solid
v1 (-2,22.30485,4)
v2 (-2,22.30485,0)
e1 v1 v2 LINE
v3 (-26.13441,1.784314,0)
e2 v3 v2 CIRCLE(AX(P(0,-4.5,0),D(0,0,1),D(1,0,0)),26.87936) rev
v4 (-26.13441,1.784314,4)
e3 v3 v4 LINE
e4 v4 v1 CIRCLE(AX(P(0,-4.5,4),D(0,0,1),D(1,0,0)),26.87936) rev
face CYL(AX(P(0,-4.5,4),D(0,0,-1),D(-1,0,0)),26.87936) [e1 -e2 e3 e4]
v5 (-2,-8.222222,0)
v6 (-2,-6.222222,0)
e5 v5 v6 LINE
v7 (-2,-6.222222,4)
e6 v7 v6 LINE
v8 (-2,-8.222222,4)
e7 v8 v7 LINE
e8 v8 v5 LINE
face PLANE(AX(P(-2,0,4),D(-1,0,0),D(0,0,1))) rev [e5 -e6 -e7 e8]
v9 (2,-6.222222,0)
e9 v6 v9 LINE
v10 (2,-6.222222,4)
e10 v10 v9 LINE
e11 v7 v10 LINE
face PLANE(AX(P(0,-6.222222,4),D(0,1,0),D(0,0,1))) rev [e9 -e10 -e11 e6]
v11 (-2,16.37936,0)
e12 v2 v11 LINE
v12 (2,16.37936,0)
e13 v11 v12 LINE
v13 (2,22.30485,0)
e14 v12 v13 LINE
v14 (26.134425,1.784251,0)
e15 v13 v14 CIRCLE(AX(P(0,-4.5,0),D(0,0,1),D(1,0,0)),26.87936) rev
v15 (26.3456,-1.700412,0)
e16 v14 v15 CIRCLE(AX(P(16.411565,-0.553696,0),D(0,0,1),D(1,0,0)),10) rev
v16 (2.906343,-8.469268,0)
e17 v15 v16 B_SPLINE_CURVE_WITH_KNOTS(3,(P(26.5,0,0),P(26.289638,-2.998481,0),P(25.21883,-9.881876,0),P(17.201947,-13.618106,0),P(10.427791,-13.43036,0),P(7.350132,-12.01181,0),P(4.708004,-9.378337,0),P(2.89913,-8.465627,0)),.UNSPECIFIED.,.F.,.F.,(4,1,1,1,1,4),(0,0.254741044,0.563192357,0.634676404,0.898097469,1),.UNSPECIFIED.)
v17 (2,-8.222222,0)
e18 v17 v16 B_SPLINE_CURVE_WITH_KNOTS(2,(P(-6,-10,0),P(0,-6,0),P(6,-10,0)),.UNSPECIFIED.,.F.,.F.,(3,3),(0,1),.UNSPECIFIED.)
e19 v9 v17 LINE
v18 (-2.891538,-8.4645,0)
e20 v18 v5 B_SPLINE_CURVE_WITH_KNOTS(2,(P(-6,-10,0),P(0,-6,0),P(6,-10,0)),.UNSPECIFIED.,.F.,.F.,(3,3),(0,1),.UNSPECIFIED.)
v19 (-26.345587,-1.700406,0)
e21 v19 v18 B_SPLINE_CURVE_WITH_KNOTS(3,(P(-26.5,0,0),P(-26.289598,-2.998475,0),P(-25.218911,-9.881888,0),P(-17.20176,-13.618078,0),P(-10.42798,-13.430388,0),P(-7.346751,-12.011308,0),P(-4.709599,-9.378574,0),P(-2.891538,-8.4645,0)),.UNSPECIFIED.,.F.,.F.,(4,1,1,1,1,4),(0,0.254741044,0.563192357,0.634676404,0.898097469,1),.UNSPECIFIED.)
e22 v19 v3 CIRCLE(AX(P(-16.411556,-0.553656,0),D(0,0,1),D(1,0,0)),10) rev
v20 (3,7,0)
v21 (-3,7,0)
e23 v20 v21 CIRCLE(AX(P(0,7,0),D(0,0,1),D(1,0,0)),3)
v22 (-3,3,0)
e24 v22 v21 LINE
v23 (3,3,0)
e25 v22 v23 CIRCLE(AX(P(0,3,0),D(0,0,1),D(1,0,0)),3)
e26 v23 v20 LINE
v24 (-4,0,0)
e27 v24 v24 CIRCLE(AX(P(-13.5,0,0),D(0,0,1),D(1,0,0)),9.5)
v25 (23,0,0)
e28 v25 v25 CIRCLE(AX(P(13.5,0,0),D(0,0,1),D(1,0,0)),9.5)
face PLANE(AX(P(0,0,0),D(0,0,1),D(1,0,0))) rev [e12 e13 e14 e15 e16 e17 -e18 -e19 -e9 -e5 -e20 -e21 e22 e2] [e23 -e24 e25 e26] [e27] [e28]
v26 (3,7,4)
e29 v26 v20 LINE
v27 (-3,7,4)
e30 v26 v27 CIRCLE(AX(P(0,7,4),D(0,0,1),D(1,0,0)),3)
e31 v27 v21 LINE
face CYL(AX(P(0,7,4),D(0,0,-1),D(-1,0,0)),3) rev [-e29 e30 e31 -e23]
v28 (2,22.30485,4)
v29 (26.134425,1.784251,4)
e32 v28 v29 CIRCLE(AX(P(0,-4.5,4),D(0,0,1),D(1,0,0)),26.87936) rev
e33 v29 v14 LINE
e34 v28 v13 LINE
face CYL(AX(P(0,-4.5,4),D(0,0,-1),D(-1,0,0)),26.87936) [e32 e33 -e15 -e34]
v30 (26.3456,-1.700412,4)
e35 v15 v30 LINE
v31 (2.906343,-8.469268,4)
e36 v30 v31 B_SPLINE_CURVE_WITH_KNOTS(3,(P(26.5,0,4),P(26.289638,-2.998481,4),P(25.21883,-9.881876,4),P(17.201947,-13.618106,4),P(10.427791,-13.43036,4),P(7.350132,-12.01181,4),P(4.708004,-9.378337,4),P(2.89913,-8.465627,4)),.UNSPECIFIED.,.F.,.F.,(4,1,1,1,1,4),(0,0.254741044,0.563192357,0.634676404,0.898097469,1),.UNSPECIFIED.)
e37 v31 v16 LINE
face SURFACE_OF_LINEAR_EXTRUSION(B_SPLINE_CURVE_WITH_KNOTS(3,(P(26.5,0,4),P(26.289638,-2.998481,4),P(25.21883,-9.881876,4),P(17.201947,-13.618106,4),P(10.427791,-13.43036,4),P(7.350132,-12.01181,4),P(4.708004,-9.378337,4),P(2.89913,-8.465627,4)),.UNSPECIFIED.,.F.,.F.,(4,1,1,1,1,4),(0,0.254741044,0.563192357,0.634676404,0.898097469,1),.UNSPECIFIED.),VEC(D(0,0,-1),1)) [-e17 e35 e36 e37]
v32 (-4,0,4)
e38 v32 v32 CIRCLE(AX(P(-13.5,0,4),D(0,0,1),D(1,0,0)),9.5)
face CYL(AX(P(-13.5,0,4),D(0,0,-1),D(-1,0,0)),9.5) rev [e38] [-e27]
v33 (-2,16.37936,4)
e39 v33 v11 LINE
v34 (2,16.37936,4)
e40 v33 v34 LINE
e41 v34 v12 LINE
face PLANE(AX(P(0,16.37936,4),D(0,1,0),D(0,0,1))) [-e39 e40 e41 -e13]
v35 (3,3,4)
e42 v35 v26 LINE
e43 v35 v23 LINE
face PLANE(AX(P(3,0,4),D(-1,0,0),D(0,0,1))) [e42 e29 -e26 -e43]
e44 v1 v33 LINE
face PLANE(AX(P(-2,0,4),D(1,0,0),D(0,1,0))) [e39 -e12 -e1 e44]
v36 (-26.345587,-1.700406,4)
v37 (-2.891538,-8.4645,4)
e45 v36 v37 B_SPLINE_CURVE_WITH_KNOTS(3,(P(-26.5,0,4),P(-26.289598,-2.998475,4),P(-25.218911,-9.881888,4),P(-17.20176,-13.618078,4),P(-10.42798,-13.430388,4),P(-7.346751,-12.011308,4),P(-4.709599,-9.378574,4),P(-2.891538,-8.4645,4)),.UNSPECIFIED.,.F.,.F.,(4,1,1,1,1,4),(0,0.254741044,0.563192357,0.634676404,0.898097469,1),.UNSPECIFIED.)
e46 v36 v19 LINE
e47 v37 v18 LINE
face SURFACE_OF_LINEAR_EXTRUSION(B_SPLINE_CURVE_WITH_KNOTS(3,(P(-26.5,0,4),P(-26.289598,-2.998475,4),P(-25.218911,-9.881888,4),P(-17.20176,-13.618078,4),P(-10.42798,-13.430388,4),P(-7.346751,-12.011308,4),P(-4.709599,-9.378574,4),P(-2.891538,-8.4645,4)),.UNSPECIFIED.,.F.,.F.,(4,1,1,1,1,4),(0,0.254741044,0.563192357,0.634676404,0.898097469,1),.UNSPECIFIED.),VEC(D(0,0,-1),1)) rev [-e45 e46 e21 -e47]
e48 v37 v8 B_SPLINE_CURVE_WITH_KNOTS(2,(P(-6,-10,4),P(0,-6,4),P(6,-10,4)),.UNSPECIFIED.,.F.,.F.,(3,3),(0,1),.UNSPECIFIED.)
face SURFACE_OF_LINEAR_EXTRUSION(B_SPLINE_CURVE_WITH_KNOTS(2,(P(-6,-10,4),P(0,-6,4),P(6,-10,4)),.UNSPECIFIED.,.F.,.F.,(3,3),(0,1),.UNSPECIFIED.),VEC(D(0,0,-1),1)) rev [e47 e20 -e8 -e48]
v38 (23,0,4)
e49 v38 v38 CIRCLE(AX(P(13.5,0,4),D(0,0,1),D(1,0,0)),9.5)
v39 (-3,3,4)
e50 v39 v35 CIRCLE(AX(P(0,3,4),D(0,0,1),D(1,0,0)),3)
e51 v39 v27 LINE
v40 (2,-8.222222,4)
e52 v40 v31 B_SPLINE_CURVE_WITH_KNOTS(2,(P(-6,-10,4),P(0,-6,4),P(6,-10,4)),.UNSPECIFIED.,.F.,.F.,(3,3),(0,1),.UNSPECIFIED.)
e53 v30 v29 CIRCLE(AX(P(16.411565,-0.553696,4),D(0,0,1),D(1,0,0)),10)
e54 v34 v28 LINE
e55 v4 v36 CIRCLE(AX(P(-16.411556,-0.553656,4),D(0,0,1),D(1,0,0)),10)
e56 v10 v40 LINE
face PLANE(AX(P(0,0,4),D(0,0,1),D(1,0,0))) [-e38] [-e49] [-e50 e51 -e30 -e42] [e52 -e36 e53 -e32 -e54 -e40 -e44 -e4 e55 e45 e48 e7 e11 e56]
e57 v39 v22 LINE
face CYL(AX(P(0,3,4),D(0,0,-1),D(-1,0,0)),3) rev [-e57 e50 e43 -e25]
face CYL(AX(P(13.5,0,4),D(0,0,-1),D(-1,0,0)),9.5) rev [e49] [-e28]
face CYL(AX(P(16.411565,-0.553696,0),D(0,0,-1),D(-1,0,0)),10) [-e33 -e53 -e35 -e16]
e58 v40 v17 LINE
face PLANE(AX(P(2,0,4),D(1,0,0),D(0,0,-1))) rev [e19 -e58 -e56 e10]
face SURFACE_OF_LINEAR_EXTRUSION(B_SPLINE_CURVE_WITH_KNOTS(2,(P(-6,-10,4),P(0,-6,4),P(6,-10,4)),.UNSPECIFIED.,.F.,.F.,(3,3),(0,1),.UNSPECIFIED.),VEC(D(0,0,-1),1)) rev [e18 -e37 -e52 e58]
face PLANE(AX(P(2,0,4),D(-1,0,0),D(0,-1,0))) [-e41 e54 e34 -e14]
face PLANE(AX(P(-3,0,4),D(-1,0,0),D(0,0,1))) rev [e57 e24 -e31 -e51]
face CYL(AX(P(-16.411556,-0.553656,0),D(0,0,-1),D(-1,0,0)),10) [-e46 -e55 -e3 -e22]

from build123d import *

# Parameters (mm, degrees)
ESTRUSIONE_ESTRUSIONE1_DEPTH = 4
RACCORDO1_R                  = 10
RACCORDO2_R                  = 10


with BuildPart() as part:
    # Schizzo1 → Estrusione-Estrusione1 (new body)
    with BuildSketch(Plane.XY):
        with BuildLine():
            ThreePointArc((-23, 0), (-13.5, 9.5), (-4, 0))
            Line((-4, 0), (-1, 0))
            ThreePointArc((-1, 0), (-1.000295828, 0.085997792), (-1.001183299, 0.171991513))
            ThreePointArc((-1.001183299, 0.171991513), (-2.449852026, 1.268461652), (-3, 3))
            Line((-3, 3), (-3, 6.782329983))
            ThreePointArc((-3, 6.782329983), (-17.035533906, 11.989578808), (-26, 0))
            Line((-26, 0), (-23, 0))
        make_face()
        with BuildLine():
            Line((-1, 0), (-4, 0))
            ThreePointArc((-4, 0), (-13.5, -9.5), (-23, 0))
            Line((-23, 0), (-26, 0))
            ThreePointArc((-26, 0), (-19.090169944, -11.180339887), (-6, -10))
            ThreePointArc((-6, -10), (-2.319660113, -5.590169944), (-1, 0))
        make_face()
        with BuildLine():
            ThreePointArc((-1.001183299, 0.171991513), (-1.000295828, 0.085997792), (-1, 0))
            Line((-1, 0), (-9e-09, 0))
            ThreePointArc((-9e-09, 0), (-0.507924477, 0.043310512), (-1.001183299, 0.171991513))
        make_face()
        with BuildLine():
            Line((-9e-09, 0), (-1, 0))
            ThreePointArc((-1, 0), (-2.319660113, -5.590169944), (-6, -10))
            add(Edge.make_bspline(
                [(-6, -10), (-4.445769188, -8.963846126), (-2.891538377, -8.464499677)],
                knots=[0, 0, 0, 0.259038469, 0.259038469, 0.259038469], degree=2))
            add(Edge.make_bspline(
                [(-2.891538377, -8.464499677), (-2.445769188, -8.321282042), (-2, -8.222222222)],
                knots=[0.259038469, 0.259038469, 0.259038469, 0.333333333, 0.333333333, 0.333333333], degree=2))
            Line((-2, -8.222222222), (-2, -6.222222222))
            Line((-2, -6.222222222), (2, -6.222222222))
            Line((2, -6.222222222), (2, -8.222222222))
            add(Edge.make_bspline(
                [(2, -8.222222222), (2.453171695, -8.322927043), (2.90634339, -8.469268439)],
                knots=[0.666666667, 0.666666667, 0.666666667, 0.742195282, 0.742195282, 0.742195282], degree=2))
            add(Edge.make_bspline(
                [(2.90634339, -8.469268439), (4.453171695, -8.96878113), (6, -10)],
                knots=[0.742195282, 0.742195282, 0.742195282, 1, 1, 1], degree=2))
            ThreePointArc((6, -10), (2.319660113, -5.590169944), (1, 0))
            Line((1, 0), (-9e-09, 0))
        make_face()
        with BuildLine():
            ThreePointArc((-6, -10), (-19.090169944, -11.180339887), (-26, 0))
            Line((-26, 0), (-26.5, 0))
            add(Edge.make_bspline(
                [(-26.5, 0), (-26.289597686, -2.99847523), (-25.218910816, -9.881888417), (-17.201760367, -13.618078309), (-10.427980074, -13.430387712), (-7.346751114, -12.011307512), (-4.709599107, -9.378573644), (-2.891538377, -8.464499677)],
                knots=[0, 0, 0, 0, 0.254741044, 0.563192357, 0.634676404, 0.898097469, 1, 1, 1, 1], degree=3))
            add(Edge.make_bspline(
                [(-6, -10), (-4.445769188, -8.963846126), (-2.891538377, -8.464499677)],
                knots=[0, 0, 0, 0.259038469, 0.259038469, 0.259038469], degree=2))
        make_face()
        with BuildLine():
            Line((-26.5, 0), (-26, 0))
            ThreePointArc((-26, 0), (-17.035533906, 11.989578808), (-3, 6.782329983))
            Line((-3, 6.782329983), (-3, 7))
            ThreePointArc((-3, 7), (0, 10), (3, 7))
            Line((3, 7), (3, 6.782329983))
            ThreePointArc((3, 6.782329983), (17.035533906, 11.989578808), (26, 0))
            Line((26, 0), (26.5, 0))
            ThreePointArc((26.5, 0), (18.095278025, 15.376139293), (2, 22.304850307))
            Line((2, 22.304850307), (2, 16.379360111))
            Line((2, 16.379360111), (-2, 16.379360111))
            Line((-2, 16.379360111), (-2, 22.304850307))
            ThreePointArc((-2, 22.304850307), (-18.095278025, 15.376139293), (-26.5, 0))
        make_face()
        with BuildLine():
            ThreePointArc((1.001183299, 0.171991513), (0.507924468, 0.043310511), (-9e-09, 0))
            Line((-9e-09, 0), (1, 0))
            ThreePointArc((1, 0), (1.000295828, 0.085997792), (1.001183299, 0.171991513))
        make_face()
        with BuildLine():
            ThreePointArc((1.001183299, 0.171991513), (1.000295828, 0.085997792), (1, 0))
            Line((1, 0), (4, 0))
            ThreePointArc((4, 0), (13.5, 9.5), (23, 0))
            Line((23, 0), (26, 0))
            ThreePointArc((26, 0), (17.035533906, 11.989578808), (3, 6.782329983))
            Line((3, 6.782329983), (3, 3))
            ThreePointArc((3, 3), (2.449852026, 1.268461652), (1.001183299, 0.171991513))
        make_face()
        with BuildLine():
            Line((4, 0), (1, 0))
            ThreePointArc((1, 0), (2.319660113, -5.590169944), (6, -10))
            ThreePointArc((6, -10), (19.090169944, -11.180339887), (26, 0))
            Line((26, 0), (23, 0))
            ThreePointArc((23, 0), (13.5, -9.5), (4, 0))
        make_face()
        with BuildLine():
            ThreePointArc((26, 0), (19.090169944, -11.180339887), (6, -10))
            add(Edge.make_bspline(
                [(2.90634339, -8.469268439), (4.453171695, -8.96878113), (6, -10)],
                knots=[0.742195282, 0.742195282, 0.742195282, 1, 1, 1], degree=2))
            add(Edge.make_bspline(
                [(26.5, 0), (26.289638323, -2.998481264), (25.218829564, -9.881876352), (17.20194664, -13.618105968), (10.427790666, -13.430359587), (7.351087048, -12.012249752), (4.709964683, -9.380290908), (2.90634339, -8.469268439)],
                knots=[0, 0, 0, 0, 0.254741044, 0.563192357, 0.634676404, 0.898097469, 0.999864445, 0.999864445, 0.999864445, 0.999864445], degree=3))
            Line((26.5, 0), (26, 0))
        make_face()
    extrude(amount=ESTRUSIONE_ESTRUSIONE1_DEPTH)

    # Raccordo1
    raccordo1_edges = [part.edges().sort_by_distance(p)[0] for p in [
        (-26.5, 0, 2),
    ]]
    fillet(raccordo1_edges, radius=RACCORDO1_R)

    # Raccordo2
    raccordo2_edges = [part.edges().sort_by_distance(p)[0] for p in [
        (26.5, 0, 2),
    ]]
    fillet(raccordo2_edges, radius=RACCORDO2_R)


solid = part.part
